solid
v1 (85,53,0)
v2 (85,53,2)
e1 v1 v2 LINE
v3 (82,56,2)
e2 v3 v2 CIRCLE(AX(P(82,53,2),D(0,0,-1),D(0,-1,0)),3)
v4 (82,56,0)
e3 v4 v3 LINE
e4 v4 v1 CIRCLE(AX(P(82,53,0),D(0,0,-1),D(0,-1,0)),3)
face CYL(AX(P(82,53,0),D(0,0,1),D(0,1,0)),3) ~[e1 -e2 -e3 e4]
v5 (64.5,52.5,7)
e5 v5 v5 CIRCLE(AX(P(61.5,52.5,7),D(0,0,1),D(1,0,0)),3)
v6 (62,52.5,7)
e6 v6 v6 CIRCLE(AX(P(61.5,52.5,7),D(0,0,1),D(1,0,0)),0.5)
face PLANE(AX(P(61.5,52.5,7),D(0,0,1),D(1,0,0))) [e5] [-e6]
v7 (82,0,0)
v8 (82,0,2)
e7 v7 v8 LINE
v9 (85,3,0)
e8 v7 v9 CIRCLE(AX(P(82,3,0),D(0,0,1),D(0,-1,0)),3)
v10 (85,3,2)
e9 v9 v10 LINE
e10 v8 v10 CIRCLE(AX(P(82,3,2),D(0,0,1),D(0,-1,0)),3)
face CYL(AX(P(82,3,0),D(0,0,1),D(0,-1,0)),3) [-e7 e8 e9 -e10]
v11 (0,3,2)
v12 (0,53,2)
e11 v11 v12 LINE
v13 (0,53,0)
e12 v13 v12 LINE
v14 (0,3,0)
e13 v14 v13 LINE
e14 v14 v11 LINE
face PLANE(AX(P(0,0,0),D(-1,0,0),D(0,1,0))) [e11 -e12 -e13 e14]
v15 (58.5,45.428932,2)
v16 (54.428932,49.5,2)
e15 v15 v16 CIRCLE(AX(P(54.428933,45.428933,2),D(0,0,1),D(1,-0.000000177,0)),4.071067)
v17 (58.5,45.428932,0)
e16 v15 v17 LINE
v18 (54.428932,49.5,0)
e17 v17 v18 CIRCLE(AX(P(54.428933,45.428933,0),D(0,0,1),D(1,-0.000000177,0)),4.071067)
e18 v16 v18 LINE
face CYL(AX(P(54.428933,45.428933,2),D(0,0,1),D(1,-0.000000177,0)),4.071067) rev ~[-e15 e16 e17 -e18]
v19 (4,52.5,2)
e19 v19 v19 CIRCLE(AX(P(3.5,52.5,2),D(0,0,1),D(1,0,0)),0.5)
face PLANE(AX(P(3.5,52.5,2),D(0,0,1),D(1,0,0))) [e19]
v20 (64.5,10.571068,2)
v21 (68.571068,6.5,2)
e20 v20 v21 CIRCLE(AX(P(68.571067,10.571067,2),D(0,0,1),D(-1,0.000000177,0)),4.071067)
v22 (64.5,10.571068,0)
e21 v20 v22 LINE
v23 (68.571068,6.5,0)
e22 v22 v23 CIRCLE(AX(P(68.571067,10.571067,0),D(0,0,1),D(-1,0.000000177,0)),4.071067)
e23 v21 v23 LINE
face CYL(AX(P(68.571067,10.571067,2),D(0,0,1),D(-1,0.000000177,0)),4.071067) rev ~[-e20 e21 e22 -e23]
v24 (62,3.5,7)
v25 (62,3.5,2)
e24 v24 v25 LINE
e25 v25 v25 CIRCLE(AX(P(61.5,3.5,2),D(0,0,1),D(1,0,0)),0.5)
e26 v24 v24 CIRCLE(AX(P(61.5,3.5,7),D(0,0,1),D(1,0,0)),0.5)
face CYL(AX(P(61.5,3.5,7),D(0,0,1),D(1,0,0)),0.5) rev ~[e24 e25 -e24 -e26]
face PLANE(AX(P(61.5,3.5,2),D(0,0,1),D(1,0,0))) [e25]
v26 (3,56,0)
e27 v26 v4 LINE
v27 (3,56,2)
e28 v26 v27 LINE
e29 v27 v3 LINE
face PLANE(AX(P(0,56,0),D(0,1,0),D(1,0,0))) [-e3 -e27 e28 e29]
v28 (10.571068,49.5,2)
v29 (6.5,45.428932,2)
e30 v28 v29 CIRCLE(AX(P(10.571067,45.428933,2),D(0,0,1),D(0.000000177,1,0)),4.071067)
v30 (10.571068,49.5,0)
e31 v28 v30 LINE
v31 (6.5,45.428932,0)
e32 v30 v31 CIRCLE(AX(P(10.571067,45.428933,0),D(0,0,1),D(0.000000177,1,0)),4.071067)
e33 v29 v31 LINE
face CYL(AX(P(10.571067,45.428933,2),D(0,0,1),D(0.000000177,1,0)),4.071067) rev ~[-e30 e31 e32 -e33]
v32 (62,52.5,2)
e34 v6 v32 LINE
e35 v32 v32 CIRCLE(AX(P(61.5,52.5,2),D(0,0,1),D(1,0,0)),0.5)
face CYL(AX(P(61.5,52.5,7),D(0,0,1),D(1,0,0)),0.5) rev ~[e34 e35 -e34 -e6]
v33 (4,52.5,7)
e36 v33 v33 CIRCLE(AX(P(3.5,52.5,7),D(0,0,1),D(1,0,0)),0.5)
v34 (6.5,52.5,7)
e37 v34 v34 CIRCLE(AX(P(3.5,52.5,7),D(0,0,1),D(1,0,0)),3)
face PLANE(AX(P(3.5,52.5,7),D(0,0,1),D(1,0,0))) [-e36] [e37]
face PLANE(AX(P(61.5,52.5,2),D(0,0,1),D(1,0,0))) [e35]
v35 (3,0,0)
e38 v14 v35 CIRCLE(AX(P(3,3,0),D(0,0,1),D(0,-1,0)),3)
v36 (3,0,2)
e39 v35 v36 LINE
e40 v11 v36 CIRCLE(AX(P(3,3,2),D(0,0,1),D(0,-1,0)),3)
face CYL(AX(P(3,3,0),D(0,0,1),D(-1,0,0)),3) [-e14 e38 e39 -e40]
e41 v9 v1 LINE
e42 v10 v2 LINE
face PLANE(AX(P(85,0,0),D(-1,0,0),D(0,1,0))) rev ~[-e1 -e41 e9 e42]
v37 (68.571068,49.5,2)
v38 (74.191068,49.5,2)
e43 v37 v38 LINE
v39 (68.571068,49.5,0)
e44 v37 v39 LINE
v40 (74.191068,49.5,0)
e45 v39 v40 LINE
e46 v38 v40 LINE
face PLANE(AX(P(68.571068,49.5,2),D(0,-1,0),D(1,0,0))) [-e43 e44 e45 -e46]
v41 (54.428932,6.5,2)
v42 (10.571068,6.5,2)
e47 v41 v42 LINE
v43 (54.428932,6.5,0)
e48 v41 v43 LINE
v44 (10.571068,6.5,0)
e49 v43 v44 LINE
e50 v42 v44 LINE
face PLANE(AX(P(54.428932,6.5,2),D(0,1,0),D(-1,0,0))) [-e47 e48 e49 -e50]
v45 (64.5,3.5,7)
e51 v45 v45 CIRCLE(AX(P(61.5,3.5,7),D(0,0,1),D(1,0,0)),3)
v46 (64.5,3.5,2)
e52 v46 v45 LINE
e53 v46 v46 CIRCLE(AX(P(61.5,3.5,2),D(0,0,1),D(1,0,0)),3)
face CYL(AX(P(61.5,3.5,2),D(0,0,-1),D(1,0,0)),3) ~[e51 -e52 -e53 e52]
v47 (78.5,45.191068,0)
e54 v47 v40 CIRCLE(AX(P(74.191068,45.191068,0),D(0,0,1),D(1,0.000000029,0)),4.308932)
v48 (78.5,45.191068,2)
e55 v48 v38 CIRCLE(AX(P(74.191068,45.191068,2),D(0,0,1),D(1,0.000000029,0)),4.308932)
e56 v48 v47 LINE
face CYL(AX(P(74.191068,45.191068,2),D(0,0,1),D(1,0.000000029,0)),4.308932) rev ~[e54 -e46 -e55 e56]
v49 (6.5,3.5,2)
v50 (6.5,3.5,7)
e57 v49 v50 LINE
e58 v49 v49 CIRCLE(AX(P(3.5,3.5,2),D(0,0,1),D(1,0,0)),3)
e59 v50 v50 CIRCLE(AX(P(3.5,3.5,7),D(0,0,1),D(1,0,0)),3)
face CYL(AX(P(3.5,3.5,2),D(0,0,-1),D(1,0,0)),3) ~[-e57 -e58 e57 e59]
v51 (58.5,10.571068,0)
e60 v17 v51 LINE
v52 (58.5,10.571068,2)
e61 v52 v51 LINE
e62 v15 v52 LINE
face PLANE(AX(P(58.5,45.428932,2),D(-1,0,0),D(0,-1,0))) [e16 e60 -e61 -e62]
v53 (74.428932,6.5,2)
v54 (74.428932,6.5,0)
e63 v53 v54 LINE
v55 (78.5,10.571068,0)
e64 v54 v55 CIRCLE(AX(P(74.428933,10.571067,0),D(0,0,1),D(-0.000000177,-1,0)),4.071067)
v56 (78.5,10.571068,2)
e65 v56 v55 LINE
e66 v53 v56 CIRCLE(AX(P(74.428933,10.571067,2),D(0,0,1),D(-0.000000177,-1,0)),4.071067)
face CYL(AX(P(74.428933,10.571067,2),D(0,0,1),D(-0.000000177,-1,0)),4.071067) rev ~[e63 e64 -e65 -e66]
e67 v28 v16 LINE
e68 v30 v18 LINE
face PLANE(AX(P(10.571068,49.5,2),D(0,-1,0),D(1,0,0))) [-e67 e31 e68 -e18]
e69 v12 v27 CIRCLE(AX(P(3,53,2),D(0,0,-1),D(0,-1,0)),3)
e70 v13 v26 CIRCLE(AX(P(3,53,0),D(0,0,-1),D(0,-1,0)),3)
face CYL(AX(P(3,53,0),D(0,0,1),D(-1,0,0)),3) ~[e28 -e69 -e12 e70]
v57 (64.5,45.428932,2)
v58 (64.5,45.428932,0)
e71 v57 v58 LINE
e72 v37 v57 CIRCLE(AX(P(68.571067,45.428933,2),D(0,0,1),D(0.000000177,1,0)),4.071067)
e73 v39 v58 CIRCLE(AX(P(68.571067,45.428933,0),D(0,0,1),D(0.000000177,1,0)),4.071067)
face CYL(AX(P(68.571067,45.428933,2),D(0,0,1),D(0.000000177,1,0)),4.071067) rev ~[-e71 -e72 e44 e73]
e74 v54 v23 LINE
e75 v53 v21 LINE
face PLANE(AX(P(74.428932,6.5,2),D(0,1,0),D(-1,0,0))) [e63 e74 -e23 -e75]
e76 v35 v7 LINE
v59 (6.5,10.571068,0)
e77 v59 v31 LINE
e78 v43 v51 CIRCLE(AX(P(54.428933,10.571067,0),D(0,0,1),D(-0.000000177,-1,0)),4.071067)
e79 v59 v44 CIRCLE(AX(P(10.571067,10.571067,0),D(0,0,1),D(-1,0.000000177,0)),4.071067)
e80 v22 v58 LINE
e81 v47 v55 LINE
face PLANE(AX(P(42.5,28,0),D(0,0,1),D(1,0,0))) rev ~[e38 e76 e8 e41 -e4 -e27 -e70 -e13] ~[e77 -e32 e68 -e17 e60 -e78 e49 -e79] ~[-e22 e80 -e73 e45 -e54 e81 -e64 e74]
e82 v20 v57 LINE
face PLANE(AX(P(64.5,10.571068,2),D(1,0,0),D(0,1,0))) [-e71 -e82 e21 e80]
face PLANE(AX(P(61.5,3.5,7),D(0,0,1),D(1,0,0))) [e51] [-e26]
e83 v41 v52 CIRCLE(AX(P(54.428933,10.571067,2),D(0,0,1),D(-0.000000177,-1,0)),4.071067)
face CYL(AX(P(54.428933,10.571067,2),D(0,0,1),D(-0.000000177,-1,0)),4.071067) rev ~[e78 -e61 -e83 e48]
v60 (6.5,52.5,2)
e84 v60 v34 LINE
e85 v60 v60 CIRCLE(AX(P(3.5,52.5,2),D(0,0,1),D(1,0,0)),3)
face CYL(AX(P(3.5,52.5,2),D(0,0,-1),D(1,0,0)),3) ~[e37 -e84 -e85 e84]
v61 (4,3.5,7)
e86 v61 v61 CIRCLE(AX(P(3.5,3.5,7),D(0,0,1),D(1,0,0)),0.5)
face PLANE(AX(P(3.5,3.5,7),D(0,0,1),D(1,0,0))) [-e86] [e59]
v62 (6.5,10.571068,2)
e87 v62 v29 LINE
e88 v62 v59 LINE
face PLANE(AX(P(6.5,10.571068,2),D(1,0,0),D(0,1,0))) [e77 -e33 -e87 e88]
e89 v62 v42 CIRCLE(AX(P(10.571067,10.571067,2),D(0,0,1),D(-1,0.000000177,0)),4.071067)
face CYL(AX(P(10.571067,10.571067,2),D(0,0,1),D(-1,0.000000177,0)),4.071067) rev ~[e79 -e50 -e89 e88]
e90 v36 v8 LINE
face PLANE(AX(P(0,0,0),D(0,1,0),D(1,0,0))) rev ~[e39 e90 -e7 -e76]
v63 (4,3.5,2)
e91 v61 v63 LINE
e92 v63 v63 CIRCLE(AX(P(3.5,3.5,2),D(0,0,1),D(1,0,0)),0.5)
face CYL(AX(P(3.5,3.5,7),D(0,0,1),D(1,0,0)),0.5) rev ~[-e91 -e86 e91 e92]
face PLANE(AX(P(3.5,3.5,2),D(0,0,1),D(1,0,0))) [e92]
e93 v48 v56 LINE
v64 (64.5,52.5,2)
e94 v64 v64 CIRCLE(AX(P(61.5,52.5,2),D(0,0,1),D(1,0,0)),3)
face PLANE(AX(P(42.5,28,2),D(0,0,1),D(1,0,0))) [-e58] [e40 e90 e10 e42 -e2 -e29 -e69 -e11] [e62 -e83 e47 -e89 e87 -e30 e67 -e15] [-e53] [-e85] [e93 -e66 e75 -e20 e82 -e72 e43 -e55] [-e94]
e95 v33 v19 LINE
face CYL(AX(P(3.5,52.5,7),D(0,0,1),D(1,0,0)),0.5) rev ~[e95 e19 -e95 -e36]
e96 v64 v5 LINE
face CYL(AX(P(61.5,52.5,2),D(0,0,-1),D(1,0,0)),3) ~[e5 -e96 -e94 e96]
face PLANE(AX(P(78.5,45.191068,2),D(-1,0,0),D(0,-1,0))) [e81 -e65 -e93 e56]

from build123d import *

# Parameters (mm, degrees)
SKETCH_W        = 85
SKETCH_H        = 56
PAD_DEPTH       = 2
SKETCH001_R     = 3
PAD001_DEPTH    = 5
FILLET_R        = 3
SKETCH002_R     = 0.5
POCKET_DEPTH    = 5
SKETCH003_R     = 0.5
POCKET001_DEPTH = 5
SKETCH004_R     = 0.5
POCKET002_DEPTH = 5
SKETCH005_R     = 0.5
POCKET003_DEPTH = 5
POCKET004_DEPTH = 2.001


with BuildPart() as part:
    # Sketch → Pad (new body)
    with BuildSketch(Plane.XY):
        with Locations((42.5, 28)):
            Rectangle(SKETCH_W, SKETCH_H)
    extrude(amount=PAD_DEPTH)

    # Sketch001 (on Face6 of Pad) → Pad001 (join)
    with BuildSketch(Plane.XY.offset(2)):
        with Locations((3.5, 3.5)):
            Circle(SKETCH001_R)
        with Locations((3.5, 52.5)):
            Circle(SKETCH001_R)
        with Locations((61.5, 52.5)):
            Circle(SKETCH001_R)
        with Locations((61.5, 3.5)):
            Circle(SKETCH001_R)
    extrude(amount=PAD001_DEPTH)

    # Fillet
    fillet_edges = [part.edges().sort_by_distance(p)[0] for p in [
        (85, 0, 1),
        (85, 56, 1),
        (0, 56, 1),
        (0, 0, 1),
    ]]
    fillet(fillet_edges, radius=FILLET_R)

    # Sketch002 (on Face16 of Fillet) → Pocket (cut)
    with BuildSketch(Plane.XY.offset(7)):
        with Locations((3.5, 3.5)):
            Circle(SKETCH002_R)
    extrude(amount=-POCKET_DEPTH, mode=Mode.SUBTRACT)

    # Sketch003 (on Face17 of Pocket) → Pocket001 (cut)
    with BuildSketch(Plane.XY.offset(7)):
        with Locations((3.5, 52.5)):
            Circle(SKETCH003_R)
    extrude(amount=-POCKET001_DEPTH, mode=Mode.SUBTRACT)

    # Sketch004 (on Face15 of Pocket001) → Pocket002 (cut)
    with BuildSketch(Plane.XY.offset(7)):
        with Locations((61.5, 3.5)):
            Circle(SKETCH004_R)
    extrude(amount=-POCKET002_DEPTH, mode=Mode.SUBTRACT)

    # Sketch005 (on Face18 of Pocket002) → Pocket003 (cut)
    with BuildSketch(Plane.XY.offset(7)):
        with Locations((61.5, 52.5)):
            Circle(SKETCH005_R)
    extrude(amount=-POCKET003_DEPTH, mode=Mode.SUBTRACT)

    # Sketch006 (on Face5 of Pocket003) → Pocket004 (cut, through all)
    with BuildSketch(Plane.XY.offset(2)):
        with BuildLine():
            Line((10.571068, 49.5), (54.428932, 49.5))
            ThreePointArc((58.5, 45.428932), (57.307612, 48.307612), (54.428932, 49.5))
            Line((58.5, 45.428932), (58.5, 10.571068))
            ThreePointArc((54.428932, 6.5), (57.307612, 7.692388), (58.5, 10.571068))
            Line((54.428932, 6.5), (10.571068, 6.5))
            ThreePointArc((6.5, 10.571068), (7.692388, 7.692388), (10.571068, 6.5))
            Line((6.5, 10.571068), (6.5, 45.428932))
            ThreePointArc((10.571068, 49.5), (7.692388, 48.307612), (6.5, 45.428932))
        make_face()
        with BuildLine():
            Line((68.571068, 49.5), (74.191068, 49.5))
            ThreePointArc((78.5, 45.191068), (77.237943, 48.237943), (74.191068, 49.5))
            Line((78.5, 45.191068), (78.5, 10.571068))
            ThreePointArc((74.428932, 6.5), (77.307612, 7.692388), (78.5, 10.571068))
            Line((74.428932, 6.5), (68.571068, 6.5))
            ThreePointArc((64.5, 10.571068), (65.692388, 7.692388), (68.571068, 6.5))
            Line((64.5, 10.571068), (64.5, 45.428932))
            ThreePointArc((68.571068, 49.5), (65.692388, 48.307612), (64.5, 45.428932))
        make_face()
    extrude(amount=-POCKET004_DEPTH, mode=Mode.SUBTRACT)


solid = part.part
